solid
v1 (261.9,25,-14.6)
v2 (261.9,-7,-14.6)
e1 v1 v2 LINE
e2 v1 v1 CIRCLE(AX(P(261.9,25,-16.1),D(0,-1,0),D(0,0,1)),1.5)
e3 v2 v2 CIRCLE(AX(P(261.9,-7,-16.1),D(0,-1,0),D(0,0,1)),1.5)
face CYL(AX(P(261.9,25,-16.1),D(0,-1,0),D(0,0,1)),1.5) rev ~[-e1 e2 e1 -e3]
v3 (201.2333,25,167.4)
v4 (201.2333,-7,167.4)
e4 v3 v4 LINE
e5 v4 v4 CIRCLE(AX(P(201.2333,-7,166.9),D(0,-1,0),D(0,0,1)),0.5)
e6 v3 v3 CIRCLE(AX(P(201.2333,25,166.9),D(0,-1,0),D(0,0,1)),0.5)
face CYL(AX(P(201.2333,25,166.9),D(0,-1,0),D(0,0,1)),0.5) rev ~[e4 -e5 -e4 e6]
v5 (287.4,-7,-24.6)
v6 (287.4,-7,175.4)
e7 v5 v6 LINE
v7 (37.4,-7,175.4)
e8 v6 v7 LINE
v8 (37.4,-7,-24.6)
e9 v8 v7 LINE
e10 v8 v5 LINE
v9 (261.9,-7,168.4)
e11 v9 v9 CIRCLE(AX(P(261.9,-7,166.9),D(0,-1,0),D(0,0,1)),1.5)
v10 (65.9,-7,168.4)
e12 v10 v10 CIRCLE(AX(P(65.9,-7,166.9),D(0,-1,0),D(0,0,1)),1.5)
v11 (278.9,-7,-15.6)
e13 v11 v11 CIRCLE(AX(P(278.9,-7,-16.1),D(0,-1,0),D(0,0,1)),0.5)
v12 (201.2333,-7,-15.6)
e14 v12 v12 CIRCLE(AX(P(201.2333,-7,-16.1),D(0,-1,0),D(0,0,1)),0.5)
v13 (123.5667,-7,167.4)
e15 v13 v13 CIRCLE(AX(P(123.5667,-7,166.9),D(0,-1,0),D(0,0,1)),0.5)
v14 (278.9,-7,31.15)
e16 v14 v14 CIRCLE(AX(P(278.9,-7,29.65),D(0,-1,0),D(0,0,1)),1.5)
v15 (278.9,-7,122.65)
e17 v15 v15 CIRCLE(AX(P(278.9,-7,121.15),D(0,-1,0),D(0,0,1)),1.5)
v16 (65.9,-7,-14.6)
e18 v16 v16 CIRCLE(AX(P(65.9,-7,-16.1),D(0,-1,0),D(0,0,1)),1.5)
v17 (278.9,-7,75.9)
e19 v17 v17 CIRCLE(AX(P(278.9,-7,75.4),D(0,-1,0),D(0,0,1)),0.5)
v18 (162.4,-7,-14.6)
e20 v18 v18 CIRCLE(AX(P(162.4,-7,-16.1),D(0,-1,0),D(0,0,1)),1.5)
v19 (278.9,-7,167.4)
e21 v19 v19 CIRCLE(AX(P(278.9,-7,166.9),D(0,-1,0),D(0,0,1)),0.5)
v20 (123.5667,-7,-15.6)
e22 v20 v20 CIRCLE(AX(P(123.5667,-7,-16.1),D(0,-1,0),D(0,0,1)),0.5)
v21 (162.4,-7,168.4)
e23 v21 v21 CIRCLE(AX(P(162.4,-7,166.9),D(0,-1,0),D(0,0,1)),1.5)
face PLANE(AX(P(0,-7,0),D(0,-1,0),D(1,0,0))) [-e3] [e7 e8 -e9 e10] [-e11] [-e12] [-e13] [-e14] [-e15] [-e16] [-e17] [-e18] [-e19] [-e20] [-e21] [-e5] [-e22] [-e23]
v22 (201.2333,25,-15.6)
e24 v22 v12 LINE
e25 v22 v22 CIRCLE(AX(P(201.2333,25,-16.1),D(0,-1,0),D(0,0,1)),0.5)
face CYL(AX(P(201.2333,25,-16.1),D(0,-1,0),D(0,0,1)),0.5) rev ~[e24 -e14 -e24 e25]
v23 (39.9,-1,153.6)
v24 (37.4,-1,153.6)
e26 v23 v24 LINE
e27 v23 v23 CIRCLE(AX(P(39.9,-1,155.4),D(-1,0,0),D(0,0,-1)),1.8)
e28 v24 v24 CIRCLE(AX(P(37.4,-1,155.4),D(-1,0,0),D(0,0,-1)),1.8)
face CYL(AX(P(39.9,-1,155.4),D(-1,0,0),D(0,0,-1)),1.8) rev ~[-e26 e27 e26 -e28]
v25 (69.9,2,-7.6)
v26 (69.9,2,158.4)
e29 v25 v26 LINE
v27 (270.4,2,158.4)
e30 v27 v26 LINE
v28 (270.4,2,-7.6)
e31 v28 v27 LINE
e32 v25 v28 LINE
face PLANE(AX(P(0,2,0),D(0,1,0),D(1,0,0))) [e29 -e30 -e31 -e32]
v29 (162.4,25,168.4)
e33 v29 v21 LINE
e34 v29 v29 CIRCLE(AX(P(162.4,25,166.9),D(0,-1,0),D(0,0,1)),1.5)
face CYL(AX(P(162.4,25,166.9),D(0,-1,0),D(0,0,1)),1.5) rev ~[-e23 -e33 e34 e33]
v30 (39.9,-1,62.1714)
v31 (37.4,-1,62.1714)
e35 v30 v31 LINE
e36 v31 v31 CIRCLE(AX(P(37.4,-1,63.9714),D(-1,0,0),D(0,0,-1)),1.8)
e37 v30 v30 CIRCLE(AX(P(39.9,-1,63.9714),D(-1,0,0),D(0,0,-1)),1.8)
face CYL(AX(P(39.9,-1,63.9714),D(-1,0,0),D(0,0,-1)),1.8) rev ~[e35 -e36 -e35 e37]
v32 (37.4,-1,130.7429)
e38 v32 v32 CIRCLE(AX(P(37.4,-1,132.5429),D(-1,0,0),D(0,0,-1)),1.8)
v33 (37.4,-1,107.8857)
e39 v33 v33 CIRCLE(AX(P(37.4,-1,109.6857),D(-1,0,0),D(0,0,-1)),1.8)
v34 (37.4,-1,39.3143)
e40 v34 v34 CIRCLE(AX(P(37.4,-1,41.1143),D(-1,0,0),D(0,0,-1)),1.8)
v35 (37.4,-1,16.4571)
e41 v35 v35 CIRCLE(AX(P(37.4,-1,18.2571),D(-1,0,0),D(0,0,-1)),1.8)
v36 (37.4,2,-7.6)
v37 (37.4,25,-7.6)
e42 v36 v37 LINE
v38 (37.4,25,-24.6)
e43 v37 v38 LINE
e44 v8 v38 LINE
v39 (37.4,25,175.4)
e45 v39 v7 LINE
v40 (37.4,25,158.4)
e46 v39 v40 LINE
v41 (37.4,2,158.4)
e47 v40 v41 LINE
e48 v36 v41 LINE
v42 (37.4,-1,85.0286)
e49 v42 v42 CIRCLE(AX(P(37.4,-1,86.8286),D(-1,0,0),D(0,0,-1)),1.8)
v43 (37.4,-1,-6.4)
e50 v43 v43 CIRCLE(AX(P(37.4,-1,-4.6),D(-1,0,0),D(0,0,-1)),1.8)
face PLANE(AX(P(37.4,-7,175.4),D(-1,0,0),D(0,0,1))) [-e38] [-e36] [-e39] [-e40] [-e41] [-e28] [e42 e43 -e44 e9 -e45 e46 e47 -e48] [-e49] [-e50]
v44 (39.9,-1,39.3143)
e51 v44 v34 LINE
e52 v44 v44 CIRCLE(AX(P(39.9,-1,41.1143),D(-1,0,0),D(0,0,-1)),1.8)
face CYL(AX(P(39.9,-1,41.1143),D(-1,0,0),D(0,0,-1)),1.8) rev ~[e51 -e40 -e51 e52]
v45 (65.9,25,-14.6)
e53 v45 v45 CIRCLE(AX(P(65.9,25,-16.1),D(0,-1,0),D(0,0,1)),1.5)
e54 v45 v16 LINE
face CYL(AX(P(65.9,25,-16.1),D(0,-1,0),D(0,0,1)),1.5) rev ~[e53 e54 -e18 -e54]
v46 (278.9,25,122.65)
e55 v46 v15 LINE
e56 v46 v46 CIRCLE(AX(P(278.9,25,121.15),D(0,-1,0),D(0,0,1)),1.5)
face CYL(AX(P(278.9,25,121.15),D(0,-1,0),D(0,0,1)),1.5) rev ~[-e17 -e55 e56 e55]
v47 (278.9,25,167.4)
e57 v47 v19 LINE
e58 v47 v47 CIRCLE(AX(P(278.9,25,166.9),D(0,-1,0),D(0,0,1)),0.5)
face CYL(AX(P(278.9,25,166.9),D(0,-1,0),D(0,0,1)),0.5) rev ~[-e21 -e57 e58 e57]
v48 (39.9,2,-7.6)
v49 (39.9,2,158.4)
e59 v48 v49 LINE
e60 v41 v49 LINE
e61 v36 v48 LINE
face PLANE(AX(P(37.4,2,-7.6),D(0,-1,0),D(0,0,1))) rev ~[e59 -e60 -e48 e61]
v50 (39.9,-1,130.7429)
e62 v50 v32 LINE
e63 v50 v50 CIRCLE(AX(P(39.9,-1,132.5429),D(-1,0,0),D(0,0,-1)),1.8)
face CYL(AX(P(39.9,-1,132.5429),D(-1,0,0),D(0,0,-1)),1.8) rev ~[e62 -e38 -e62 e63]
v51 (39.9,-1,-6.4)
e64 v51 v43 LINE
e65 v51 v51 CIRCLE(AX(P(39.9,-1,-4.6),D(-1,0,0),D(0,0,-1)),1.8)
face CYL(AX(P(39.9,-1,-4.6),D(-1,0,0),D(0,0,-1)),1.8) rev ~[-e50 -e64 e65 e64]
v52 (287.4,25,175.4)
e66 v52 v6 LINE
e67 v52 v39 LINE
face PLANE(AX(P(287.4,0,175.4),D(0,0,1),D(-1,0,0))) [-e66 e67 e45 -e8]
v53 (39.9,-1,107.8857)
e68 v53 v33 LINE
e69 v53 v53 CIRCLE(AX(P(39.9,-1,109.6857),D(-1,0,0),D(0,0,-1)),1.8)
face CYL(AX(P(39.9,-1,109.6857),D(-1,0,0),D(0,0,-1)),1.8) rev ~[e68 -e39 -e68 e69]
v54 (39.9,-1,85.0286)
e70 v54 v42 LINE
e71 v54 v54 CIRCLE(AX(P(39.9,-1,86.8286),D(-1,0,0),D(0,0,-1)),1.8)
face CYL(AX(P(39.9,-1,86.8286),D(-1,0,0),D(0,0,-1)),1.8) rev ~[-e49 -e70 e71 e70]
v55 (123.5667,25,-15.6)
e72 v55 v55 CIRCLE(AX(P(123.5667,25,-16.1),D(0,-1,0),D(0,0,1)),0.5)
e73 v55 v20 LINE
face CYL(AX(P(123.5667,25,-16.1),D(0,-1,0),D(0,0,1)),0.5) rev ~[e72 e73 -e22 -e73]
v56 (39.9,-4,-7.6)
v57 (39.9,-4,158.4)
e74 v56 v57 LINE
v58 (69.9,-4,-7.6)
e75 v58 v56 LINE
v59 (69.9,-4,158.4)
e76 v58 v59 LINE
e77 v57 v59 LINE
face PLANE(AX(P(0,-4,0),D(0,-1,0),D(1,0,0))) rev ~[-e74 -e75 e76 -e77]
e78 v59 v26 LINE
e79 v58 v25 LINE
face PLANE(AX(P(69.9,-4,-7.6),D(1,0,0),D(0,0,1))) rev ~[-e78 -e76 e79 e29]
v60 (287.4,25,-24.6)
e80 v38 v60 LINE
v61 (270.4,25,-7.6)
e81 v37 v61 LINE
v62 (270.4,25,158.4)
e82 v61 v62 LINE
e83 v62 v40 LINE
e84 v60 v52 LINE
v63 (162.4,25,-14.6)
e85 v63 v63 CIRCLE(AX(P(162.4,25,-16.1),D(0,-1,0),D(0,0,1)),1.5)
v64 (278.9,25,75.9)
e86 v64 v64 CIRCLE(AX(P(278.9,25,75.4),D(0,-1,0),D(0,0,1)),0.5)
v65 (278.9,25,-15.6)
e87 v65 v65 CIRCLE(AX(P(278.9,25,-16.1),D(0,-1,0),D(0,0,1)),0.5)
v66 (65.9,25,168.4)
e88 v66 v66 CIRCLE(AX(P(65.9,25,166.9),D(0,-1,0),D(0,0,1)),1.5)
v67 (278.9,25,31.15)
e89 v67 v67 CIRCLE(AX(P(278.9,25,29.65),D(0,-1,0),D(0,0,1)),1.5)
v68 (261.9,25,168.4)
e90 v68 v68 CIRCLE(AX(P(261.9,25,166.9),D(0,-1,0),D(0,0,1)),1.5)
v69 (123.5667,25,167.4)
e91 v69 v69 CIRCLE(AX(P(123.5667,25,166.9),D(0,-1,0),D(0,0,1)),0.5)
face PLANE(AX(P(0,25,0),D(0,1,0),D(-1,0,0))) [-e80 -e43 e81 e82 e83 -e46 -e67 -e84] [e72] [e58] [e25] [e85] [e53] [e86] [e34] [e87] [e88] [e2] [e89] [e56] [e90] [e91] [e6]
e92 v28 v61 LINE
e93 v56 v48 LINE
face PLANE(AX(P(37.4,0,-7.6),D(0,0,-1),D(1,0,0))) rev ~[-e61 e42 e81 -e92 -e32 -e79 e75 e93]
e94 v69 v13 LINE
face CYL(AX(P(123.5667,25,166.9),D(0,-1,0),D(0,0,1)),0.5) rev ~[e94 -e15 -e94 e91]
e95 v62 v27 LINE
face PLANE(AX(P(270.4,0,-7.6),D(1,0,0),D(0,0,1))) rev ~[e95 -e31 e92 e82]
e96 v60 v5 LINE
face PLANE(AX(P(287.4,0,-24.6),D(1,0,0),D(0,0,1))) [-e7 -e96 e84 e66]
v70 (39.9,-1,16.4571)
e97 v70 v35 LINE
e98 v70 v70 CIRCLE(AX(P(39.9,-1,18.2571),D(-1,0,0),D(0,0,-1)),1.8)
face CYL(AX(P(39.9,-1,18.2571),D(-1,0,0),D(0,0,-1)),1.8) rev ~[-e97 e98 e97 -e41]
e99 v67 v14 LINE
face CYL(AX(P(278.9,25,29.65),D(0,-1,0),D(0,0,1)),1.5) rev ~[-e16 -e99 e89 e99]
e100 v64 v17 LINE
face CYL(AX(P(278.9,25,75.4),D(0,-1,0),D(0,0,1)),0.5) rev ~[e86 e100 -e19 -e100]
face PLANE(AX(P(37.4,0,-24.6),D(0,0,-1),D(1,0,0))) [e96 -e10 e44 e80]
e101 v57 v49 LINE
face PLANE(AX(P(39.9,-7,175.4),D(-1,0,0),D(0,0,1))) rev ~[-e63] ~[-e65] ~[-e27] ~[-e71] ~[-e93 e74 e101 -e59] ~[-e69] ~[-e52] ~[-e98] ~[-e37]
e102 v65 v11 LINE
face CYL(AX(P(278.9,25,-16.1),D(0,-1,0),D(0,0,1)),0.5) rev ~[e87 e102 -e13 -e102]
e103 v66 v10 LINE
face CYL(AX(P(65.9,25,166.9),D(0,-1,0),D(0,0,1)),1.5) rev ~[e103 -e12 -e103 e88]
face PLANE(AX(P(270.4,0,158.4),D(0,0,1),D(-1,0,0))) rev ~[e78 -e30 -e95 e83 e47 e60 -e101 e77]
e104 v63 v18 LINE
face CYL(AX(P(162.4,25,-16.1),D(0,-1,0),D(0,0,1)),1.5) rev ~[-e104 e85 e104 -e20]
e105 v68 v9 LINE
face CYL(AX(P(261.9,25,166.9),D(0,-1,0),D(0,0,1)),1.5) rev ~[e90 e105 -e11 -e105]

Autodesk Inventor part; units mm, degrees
ref_plane "YZ Plane" through (0, 0, 0) normal (1, 0, 0) x (0, 1, 0)
ref_plane "XZ Plane" through (0, 0, 0) normal (0, 1, 0) x (-1, 0, 0)
ref_plane "XY Plane" through (0, 0, 0) normal (0, 0, 1) x (1, 0, 0)
sketch "Sketch1" plane through (0, 0, 0) normal (0, 1, 0) x (-1, 0, 0)
  line L0 (-37.4, -24.6) -> (-287.4, -24.6)
  line L1 (-287.4, -24.6) -> (-287.4, 175.4)
  line L2 (-287.4, 175.4) -> (-37.4, 175.4)
  line L3 (-37.4, 175.4) -> (-37.4, -24.6)
  line L4 (-37.4, -7.6) -> (-270.4, -7.6)
  line L5 (-270.4, -7.6) -> (-270.4, 158.4)
  line L6 (-270.4, 158.4) -> (-37.4, 158.4)
  line L7 (-244.2, 150.4) -> (-265.4, 150.4) projected
  line L8 (-265.4, 0.4) -> (-244.2, 0.4) projected
  line L9 (-265.4, 0.4) -> (-244.2, 0.4) projected
  point P0 (0, 0)
  dimension "d0" = 250
  dimension "d1" = 200
  dimension "offset_claw_nuts" = 17
  dimension "d3" = 17
  dimension "d4" = 17
  dimension "d5" = 8
  dimension "d6" = 8
  dimension "d7" = 5
extrude "Extrusion1" add sketch "Sketch1" along normal blind 25 and the other way blind 7 contours L0 L1 L2 L3 L6 L5 L4
sketch "Sketch2" plane through (0, -7, 0) normal (0, -1, 0) x (1, 0, 0)
  line L0 (287.4, -24.6) -> (287.4, 175.4) projected
  line L1 (287.4, 175.4) -> (37.4, 175.4) projected
  line L2 (37.4, 175.4) -> (37.4, 158.4) projected
  line L3 (37.4, 158.4) -> (270.4, 158.4) projected
  line L4 (270.4, 158.4) -> (270.4, -7.6) projected
  line L5 (270.4, -7.6) -> (37.4, -7.6) projected
  line L6 (37.4, -7.6) -> (37.4, -24.6) projected
  line L7 (37.4, -24.6) -> (287.4, -24.6) projected
  line L8 (37.4, -24.6) -> (37.4, -24.6)
  line L9 (37.4, -24.6) -> (37.4, 175.4)
  line L10 (37.4, 175.4) -> (37.4, 175.4)
  line L11 (37.4, 175.4) -> (37.4, -24.6)
  point P0 (0, 0)
  point P1 (37.4, 158.4)
  point P2 (37.4, -7.6)
extrude "Extrusion2" add sketch "Sketch2" against normal blind 3 contours L9 L3 L4 L5
sketch "Sketch3" plane through (37.4, -7, 175.4) normal (-1, 0, 0) x (0, 0, 1)
  line L0 (0, 0) -> (0, 32) projected
  line L1 (-17, 32) -> (0, 32) projected
  line L2 (-17, 3) -> (-17, 32) projected
  line L3 (-183, 3) -> (-17, 3) projected
  line L4 (-183, 3) -> (-183, 32) projected
  line L5 (-200, 32) -> (-183, 32) projected
  line L6 (-200, 0) -> (-200, 32) projected
  line L7 (0, 0) -> (-200, 0) projected
  line L8 (-183, 32) -> (-183, 32)
  line L9 (-183, 32) -> (-183, 32) construction
  line L10 (-183, 32) -> (-183, 9)
  line L11 (0, 32) -> (-200, 32) projected
  line L12 (-183, 9) -> (-17, 9)
  line L13 (-17, 9) -> (-17, 32)
  line L14 (-17, 32) -> (-17, 32)
  point P0 (-175.4, 7)
  point P1 (-75, 9)
  point P2 (-17, 9)
  dimension "d14" = 45
  dimension "d16" = 135
  dimension "d17" = 0
  dimension "d18" = 6
  dimension "d19" = 0
  dimension "d20" = 125
  dimension "d21" = 75
extrude "Extrusion3" add sketch "Sketch3" against normal blind 2.5 contours L2 L3 L4 L12
sketch "Sketch4" plane through (0, -4, 0) normal (0, 1, 0) x (1, 0, 0)
  line L0 (39.9, 7.6) -> (39.9, -158.4) projected
  line L1 (270.4, -158.4) -> (39.9, -158.4) projected
  line L2 (270.4, 7.6) -> (270.4, -158.4) projected
  line L3 (39.9, 7.6) -> (270.4, 7.6) projected
  line L4 (270.4, 7.6) -> (270.4, -158.4) projected
  line L5 (270.4, -158.4) -> (39.9, -158.4) projected
  line L6 (270.4, 7.6) -> (69.9, 7.6)
  line L7 (69.9, 7.6) -> (69.9, -158.4)
  line L8 (69.9, -158.4) -> (270.4, -158.4)
  line L9 (270.4, -158.4) -> (270.4, 7.6)
  point P0 (0, 0)
  point P1 (69.9, 7.6)
  point P2 (69.9, -158.4)
  dimension "d26" = 30
extrude "Extrusion4" add sketch "Sketch4" along normal up to surface (6 mm away) contours L3 L2 L1 L7
sketch "Sketch6" plane through (39.9, -7, 175.4) normal (1, 0, 0) x (0, 0, -1)
  line L0 (17, 3) -> (17, 9) projected
  line L1 (183, 3) -> (17, 3) projected
  line L2 (183, 9) -> (183, 3) projected
  line L3 (183, 9) -> (17, 9) projected
  circle A0 centre (20, 6) radius 3
  circle A1 centre (42.8571, 6) radius 3
  circle A2 centre (65.7143, 6) radius 3
  circle A3 centre (88.5714, 6) radius 3
  circle A4 centre (111.4286, 6) radius 3
  circle A5 centre (134.2857, 6) radius 3
  circle A6 centre (157.1429, 6) radius 3
  circle A7 centre (180, 6) radius 3
  point P0 (175.4, 7)
  dimension "d29" = 6
  dimension "d30" = 6
  dimension "d31" = 6
  dimension "d32" = 6
  dimension "d33" = 6
  dimension "d34" = 6
  dimension "d35" = 6
  dimension "d36" = 6
  dimension "d37" = 22.8571
  dimension "d38" = 22.8571
  dimension "d39" = 22.8571
  dimension "d40" = 22.8571
  dimension "d41" = 22.8571
  dimension "d42" = 22.8571
  dimension "d43" = 22.8571
hole "Hole1" at (39.9, -1, -4.6) at (39.9, -1, 18.2571) at (39.9, -1, 41.1143) at (39.9, -1, 63.9714) at (39.9, -1, 86.8286) at (39.9, -1, 132.5429) at (39.9, -1, 155.4) at (39.9, -1, 109.6857) direction (-1, 0, 0) diameter 3.6 end through all clearance for "Countersunk Flat Head Screw ISO 2009/7046" size "M3" standard "ISO"
sketch "Sketch7" plane through (0, 25, 0) normal (0, 1, 0) x (1, 0, 0)
  line L0 (287.4, -175.4) -> (287.4, 24.6) projected
  line L1 (287.4, 24.6) -> (37.4, 24.6) projected
  line L2 (37.4, 24.6) -> (37.4, 7.6) projected
  line L3 (37.4, 7.6) -> (270.4, 7.6) projected
  line L4 (270.4, 7.6) -> (270.4, -158.4) projected
  line L5 (270.4, -158.4) -> (37.4, -158.4) projected
  line L6 (37.4, -158.4) -> (37.4, -175.4) projected
  line L7 (37.4, -175.4) -> (287.4, -175.4) projected
  circle A0 centre (278.9, 16.1) radius 8.5
  circle A1 centre (278.9, -166.9) radius 8.5
  circle A2 centre (201.2333, 16.1) radius 8.5
  circle A3 centre (201.2333, -166.9) radius 8.5
  circle A4 centre (278.9, -75.4) radius 8.5
  circle A5 centre (123.5667, 16.1) radius 8.5
  circle A6 centre (123.5667, -166.9) radius 8.5
  circle A7 centre (45.9, 16.1) radius 8.5 construction
  circle A8 centre (45.9, -166.9) radius 8.5 construction
  point P0 (0, 0)
  dimension "d51" = 17
  dimension "d52" = 17
  dimension "d55" = 17
  dimension "d56" = 17
  dimension "d57" = 17
  dimension "d58" = 17
  dimension "d59" = 17
  dimension "d60" = 91.5
  dimension "d61" = 91.5
  dimension "d62" = 77.6667
  dimension "d63" = 77.6667
  dimension "d64" = 17
  dimension "d65" = 17
  dimension "d66" = 8.5
  dimension "d67" = 8.5
  dimension "d68" = 8.5
  dimension "d69" = 8.5
  dimension "d70" = 8.5
  dimension "d71" = 77.6667
  dimension "d72" = 77.6667
  dimension "d73" = 77.6667
  dimension "d74" = 77.6667
  dimension "d75" = 8.5
hole "Hole2" at (123.5667, 25, -16.1) at (278.9, 25, -16.1) at (278.9, 25, 75.4) at (278.9, 25, 166.9) at (201.2333, 25, 166.9) at (201.2333, 25, -16.1) at (123.5667, 25, 166.9) direction (0, -1, 0) diameter 1 end through all
sketch "Sketch8" plane through (0, 25, 0) normal (0, 1, 0) x (1, 0, 0)
  circle A0 centre (201.2333, 16.1) radius 0.5 projected
  circle A1 centre (278.9, -166.9) radius 0.5 projected
  circle A2 centre (278.9, 16.1) radius 0.5 projected
  circle A3 centre (123.5667, 16.1) radius 0.5 projected
  circle A4 centre (278.9, -75.4) radius 0.5 projected
  circle A5 centre (201.2333, -166.9) radius 0.5 projected
  circle A6 centre (123.5667, -166.9) radius 0.5 projected
  line L0 (287.4, -175.4) -> (287.4, 24.6) projected
  line L1 (287.4, 24.6) -> (37.4, 24.6) projected
  line L2 (37.4, 24.6) -> (37.4, 7.6) projected
  line L3 (37.4, 7.6) -> (270.4, 7.6) projected
  line L4 (270.4, 7.6) -> (270.4, -158.4) projected
  line L5 (270.4, -158.4) -> (37.4, -158.4) projected
  line L6 (37.4, -158.4) -> (37.4, -175.4) projected
  line L7 (37.4, -175.4) -> (287.4, -175.4) projected
  circle A7 centre (65.9, 16.1) radius 8.5
  circle A8 centre (65.9, -166.9) radius 8.5
  circle A9 centre (278.9, -29.65) radius 8.5
  circle A10 centre (278.9, -121.15) radius 8.5
  circle A11 centre (261.9, 16.1) radius 8.5
  circle A12 centre (261.9, -166.9) radius 8.5
  circle A13 centre (162.4, 16.1) radius 8.5
  circle A14 centre (162.4, -166.9) radius 8.5
  line L8 (37.4, 24.6) -> (287.4, 24.6) projected
  line L9 (270.4, 7.6) -> (270.4, -158.4) projected
  line L10 (270.4, 24.6) -> (270.4, 7.6)
  line L11 (270.4, -158.4) -> (270.4, -175.4)
  point P0 (0, 0)
  dimension "d83" = 17
  dimension "d84" = 17
  dimension "d85" = 45.75
  dimension "d86" = 45.75
  dimension "d87" = 45.75
  dimension "d88" = 38.8333
  dimension "d89" = 38.8333
  dimension "d90" = 38.8333
  dimension "d91" = 38.8333
  dimension "d92" = 28.5
  dimension "d93" = 0
hole "Hole3" at (261.9, 25, -16.1) at (278.9, 25, 29.65) at (278.9, 25, 121.15) at (261.9, 25, 166.9) at (162.4, 25, -16.1) at (65.9, 25, -16.1) at (65.9, 25, 166.9) at (162.4, 25, 166.9) direction (0, -1, 0) diameter 3 end through all
equation "\"d3\" = offset_claw_nuts"
equation "\"d4\" = offset_claw_nuts"
equation "\"d6\" = d5"
equation "\"d37\" = d43"
equation "\"d38\" = d43"
equation "\"d39\" = d43"
equation "\"d40\" = d43"
equation "\"d41\" = d43"
equation "\"d42\" = d43"
equation "\"d60\" = d61"
equation "\"d62\" = d71"
equation "\"d63\" = d71"
equation "\"d66\" = 0.5 * d58"
equation "\"d67\" = 0.5 * d64"
equation "\"d68\" = 0.5 * d64"
equation "\"d69\" = 0.5 * d65"
equation "\"d70\" = 0.5 * d65"
equation "\"d72\" = d74"
equation "\"d73\" = d74"
properties part number "case0"
